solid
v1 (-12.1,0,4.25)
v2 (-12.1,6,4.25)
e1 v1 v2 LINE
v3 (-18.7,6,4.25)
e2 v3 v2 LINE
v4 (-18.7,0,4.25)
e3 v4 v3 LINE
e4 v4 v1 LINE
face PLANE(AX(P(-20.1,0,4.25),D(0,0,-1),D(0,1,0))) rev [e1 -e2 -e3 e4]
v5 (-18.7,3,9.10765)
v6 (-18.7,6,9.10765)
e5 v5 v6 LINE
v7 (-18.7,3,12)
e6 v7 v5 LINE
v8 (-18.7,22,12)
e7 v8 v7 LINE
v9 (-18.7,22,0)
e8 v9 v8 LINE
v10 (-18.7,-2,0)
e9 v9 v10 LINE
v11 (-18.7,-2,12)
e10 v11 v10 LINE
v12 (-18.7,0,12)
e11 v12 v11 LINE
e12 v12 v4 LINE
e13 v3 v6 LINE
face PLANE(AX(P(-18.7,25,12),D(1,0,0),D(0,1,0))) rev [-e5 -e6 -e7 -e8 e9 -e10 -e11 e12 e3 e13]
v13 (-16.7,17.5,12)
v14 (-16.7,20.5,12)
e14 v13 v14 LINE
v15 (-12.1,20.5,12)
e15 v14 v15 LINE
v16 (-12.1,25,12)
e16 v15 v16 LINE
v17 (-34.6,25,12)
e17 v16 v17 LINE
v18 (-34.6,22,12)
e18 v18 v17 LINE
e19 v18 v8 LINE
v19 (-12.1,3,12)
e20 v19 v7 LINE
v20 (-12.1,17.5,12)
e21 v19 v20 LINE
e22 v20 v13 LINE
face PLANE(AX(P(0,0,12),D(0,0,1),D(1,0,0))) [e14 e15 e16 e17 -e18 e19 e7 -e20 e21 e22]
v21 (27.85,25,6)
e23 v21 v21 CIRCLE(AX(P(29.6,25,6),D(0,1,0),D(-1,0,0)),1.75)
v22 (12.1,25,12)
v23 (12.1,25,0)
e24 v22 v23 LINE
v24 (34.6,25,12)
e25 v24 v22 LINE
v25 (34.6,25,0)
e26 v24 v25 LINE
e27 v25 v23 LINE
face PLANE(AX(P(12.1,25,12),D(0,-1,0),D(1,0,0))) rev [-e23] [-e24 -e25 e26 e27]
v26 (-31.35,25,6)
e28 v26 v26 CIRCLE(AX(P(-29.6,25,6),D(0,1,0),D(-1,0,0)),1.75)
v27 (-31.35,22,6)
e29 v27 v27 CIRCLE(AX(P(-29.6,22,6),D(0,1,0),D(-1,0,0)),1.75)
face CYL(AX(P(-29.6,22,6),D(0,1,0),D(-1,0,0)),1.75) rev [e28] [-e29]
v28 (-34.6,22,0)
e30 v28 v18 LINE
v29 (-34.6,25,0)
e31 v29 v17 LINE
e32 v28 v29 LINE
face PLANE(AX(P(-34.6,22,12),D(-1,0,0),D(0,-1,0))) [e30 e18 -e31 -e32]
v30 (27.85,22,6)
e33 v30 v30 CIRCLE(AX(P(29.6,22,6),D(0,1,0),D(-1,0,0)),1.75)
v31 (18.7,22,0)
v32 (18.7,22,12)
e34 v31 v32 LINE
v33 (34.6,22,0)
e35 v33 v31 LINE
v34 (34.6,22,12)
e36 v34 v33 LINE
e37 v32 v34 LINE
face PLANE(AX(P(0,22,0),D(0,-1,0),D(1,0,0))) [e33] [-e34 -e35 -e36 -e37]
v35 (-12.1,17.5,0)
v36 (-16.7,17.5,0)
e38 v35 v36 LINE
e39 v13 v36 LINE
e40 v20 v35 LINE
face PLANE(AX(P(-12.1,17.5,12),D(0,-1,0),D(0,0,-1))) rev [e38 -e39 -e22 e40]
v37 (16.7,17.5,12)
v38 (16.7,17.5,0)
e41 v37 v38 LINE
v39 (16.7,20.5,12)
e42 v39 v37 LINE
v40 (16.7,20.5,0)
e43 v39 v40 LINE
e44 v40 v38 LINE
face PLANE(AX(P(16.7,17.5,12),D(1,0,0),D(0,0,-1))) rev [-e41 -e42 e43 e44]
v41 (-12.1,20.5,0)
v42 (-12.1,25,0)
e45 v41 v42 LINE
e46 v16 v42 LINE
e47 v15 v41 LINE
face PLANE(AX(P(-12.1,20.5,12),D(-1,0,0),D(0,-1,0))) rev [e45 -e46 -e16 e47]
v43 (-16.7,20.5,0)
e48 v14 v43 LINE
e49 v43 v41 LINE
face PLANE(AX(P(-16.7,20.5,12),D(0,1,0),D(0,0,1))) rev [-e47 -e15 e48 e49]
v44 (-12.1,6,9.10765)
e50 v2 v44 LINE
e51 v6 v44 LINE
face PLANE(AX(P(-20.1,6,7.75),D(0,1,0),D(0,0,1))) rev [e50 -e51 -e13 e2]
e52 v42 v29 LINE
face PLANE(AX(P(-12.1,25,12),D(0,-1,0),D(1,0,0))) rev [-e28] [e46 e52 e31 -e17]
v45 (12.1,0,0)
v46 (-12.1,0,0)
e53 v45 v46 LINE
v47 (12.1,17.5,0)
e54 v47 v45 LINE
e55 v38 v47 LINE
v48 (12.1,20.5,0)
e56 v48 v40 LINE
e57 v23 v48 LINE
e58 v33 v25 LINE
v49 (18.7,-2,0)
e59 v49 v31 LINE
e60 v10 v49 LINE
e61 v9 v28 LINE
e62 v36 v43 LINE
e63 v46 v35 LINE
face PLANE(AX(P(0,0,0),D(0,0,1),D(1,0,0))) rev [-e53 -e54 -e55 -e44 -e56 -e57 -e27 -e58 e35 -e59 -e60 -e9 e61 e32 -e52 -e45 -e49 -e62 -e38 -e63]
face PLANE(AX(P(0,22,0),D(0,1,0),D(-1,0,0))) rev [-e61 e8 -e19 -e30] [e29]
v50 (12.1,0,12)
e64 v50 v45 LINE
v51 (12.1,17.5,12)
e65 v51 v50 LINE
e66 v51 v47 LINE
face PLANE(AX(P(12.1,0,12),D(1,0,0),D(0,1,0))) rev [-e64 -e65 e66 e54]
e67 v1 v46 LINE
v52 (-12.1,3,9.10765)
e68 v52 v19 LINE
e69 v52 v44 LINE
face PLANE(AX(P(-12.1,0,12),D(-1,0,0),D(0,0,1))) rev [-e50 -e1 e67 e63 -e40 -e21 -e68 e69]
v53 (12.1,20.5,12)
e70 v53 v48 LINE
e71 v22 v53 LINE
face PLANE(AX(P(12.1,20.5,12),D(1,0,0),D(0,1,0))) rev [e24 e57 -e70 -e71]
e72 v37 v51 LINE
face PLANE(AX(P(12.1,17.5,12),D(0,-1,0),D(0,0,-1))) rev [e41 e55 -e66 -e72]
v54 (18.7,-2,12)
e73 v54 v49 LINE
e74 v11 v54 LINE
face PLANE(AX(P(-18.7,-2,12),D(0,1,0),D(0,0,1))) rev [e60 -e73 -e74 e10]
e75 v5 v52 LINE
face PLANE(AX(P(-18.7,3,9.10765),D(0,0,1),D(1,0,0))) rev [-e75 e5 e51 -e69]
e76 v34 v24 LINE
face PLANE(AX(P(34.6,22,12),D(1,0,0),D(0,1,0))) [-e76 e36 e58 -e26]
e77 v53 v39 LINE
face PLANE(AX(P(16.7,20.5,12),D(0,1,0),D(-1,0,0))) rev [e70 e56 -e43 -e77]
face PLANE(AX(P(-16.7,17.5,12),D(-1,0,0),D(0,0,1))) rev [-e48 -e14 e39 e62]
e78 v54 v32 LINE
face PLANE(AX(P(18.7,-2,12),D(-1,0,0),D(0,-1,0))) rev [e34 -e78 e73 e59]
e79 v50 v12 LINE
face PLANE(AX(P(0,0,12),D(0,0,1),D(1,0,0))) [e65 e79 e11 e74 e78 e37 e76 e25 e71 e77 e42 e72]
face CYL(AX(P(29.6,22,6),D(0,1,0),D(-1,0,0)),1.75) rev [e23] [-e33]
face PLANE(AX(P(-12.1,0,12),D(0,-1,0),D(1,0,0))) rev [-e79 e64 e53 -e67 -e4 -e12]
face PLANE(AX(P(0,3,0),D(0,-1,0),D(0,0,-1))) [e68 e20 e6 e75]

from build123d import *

# Parameters (mm, degrees)
SALIENTE_EXTRUIR1_DEPTH = 12
CORTAR_EXTRUIR1_DEPTH   = 8
CROQUIS4_W              = 6.6
CROQUIS4_H              = 2.892350448
SALIENTE_EXTRUIR3_DEPTH = 3
CROQUIS2_W              = 22.5
CROQUIS2_H              = 12
CROQUIS2_R              = 1.75
SALIENTE_EXTRUIR4_DEPTH = 3


with BuildPart() as part:
    # Croquis1 → Saliente-Extruir1 (new body)
    with BuildSketch(Plane.XY):
        Polygon((-12.1, 0), (12.1, 0), (12.1, 17.5), (16.7, 17.5), (16.7, 20.5), (12.1, 20.5), (12.1, 25), (18.7, 25), (18.7, -2), (-18.7, -2), (-18.7, 25), (-12.1, 25), (-12.1, 20.5), (-16.7, 20.5), (-16.7, 17.5), (-12.1, 17.5), align=None)
    extrude(amount=SALIENTE_EXTRUIR1_DEPTH)

    # Croquis3 → Cortar-Extruir1 (cut)
    with BuildSketch(Plane(origin=(-12.1, 0, 0), x_dir=(0, 0, -1), z_dir=(1, 0, 0))):
        Polygon((-4.25, 0), (-7.75, 0), (-12, 0), (-12, 6), (-7.75, 6), (-4.25, 6), align=None)
    extrude(amount=-CORTAR_EXTRUIR1_DEPTH, mode=Mode.SUBTRACT)

    # Croquis4 → Saliente-Extruir3 (add)
    with BuildSketch(Plane.XZ.offset(-6)):
        with Locations((-15.4, 10.553824776)):
            Rectangle(CROQUIS4_W, CROQUIS4_H)
    extrude(amount=SALIENTE_EXTRUIR3_DEPTH)

    # Croquis2 → Saliente-Extruir4 (add)
    # profile 1 of 2: a face of its own
    with BuildSketch(Plane(origin=(0, 25, 0), x_dir=(1, 0, 0), z_dir=(0, 1, 0))):
        with Locations((-23.35, -6)):
            Rectangle(CROQUIS2_W, CROQUIS2_H)
        with Locations(Location((-29.6, -6, 0), (0, 0, 180))):
            Circle(CROQUIS2_R, mode=Mode.SUBTRACT)
    # profile 2 of 2: a face of its own
    with BuildSketch(Plane(origin=(0, 25, 0), x_dir=(1, 0, 0), z_dir=(0, 1, 0))):
        with Locations((23.35, -6)):
            Rectangle(CROQUIS2_W, CROQUIS2_H)
        with Locations(Location((29.6, -6, 0), (0, 0, 180))):
            Circle(CROQUIS2_R, mode=Mode.SUBTRACT)
    extrude(amount=-SALIENTE_EXTRUIR4_DEPTH)


solid = part.part
